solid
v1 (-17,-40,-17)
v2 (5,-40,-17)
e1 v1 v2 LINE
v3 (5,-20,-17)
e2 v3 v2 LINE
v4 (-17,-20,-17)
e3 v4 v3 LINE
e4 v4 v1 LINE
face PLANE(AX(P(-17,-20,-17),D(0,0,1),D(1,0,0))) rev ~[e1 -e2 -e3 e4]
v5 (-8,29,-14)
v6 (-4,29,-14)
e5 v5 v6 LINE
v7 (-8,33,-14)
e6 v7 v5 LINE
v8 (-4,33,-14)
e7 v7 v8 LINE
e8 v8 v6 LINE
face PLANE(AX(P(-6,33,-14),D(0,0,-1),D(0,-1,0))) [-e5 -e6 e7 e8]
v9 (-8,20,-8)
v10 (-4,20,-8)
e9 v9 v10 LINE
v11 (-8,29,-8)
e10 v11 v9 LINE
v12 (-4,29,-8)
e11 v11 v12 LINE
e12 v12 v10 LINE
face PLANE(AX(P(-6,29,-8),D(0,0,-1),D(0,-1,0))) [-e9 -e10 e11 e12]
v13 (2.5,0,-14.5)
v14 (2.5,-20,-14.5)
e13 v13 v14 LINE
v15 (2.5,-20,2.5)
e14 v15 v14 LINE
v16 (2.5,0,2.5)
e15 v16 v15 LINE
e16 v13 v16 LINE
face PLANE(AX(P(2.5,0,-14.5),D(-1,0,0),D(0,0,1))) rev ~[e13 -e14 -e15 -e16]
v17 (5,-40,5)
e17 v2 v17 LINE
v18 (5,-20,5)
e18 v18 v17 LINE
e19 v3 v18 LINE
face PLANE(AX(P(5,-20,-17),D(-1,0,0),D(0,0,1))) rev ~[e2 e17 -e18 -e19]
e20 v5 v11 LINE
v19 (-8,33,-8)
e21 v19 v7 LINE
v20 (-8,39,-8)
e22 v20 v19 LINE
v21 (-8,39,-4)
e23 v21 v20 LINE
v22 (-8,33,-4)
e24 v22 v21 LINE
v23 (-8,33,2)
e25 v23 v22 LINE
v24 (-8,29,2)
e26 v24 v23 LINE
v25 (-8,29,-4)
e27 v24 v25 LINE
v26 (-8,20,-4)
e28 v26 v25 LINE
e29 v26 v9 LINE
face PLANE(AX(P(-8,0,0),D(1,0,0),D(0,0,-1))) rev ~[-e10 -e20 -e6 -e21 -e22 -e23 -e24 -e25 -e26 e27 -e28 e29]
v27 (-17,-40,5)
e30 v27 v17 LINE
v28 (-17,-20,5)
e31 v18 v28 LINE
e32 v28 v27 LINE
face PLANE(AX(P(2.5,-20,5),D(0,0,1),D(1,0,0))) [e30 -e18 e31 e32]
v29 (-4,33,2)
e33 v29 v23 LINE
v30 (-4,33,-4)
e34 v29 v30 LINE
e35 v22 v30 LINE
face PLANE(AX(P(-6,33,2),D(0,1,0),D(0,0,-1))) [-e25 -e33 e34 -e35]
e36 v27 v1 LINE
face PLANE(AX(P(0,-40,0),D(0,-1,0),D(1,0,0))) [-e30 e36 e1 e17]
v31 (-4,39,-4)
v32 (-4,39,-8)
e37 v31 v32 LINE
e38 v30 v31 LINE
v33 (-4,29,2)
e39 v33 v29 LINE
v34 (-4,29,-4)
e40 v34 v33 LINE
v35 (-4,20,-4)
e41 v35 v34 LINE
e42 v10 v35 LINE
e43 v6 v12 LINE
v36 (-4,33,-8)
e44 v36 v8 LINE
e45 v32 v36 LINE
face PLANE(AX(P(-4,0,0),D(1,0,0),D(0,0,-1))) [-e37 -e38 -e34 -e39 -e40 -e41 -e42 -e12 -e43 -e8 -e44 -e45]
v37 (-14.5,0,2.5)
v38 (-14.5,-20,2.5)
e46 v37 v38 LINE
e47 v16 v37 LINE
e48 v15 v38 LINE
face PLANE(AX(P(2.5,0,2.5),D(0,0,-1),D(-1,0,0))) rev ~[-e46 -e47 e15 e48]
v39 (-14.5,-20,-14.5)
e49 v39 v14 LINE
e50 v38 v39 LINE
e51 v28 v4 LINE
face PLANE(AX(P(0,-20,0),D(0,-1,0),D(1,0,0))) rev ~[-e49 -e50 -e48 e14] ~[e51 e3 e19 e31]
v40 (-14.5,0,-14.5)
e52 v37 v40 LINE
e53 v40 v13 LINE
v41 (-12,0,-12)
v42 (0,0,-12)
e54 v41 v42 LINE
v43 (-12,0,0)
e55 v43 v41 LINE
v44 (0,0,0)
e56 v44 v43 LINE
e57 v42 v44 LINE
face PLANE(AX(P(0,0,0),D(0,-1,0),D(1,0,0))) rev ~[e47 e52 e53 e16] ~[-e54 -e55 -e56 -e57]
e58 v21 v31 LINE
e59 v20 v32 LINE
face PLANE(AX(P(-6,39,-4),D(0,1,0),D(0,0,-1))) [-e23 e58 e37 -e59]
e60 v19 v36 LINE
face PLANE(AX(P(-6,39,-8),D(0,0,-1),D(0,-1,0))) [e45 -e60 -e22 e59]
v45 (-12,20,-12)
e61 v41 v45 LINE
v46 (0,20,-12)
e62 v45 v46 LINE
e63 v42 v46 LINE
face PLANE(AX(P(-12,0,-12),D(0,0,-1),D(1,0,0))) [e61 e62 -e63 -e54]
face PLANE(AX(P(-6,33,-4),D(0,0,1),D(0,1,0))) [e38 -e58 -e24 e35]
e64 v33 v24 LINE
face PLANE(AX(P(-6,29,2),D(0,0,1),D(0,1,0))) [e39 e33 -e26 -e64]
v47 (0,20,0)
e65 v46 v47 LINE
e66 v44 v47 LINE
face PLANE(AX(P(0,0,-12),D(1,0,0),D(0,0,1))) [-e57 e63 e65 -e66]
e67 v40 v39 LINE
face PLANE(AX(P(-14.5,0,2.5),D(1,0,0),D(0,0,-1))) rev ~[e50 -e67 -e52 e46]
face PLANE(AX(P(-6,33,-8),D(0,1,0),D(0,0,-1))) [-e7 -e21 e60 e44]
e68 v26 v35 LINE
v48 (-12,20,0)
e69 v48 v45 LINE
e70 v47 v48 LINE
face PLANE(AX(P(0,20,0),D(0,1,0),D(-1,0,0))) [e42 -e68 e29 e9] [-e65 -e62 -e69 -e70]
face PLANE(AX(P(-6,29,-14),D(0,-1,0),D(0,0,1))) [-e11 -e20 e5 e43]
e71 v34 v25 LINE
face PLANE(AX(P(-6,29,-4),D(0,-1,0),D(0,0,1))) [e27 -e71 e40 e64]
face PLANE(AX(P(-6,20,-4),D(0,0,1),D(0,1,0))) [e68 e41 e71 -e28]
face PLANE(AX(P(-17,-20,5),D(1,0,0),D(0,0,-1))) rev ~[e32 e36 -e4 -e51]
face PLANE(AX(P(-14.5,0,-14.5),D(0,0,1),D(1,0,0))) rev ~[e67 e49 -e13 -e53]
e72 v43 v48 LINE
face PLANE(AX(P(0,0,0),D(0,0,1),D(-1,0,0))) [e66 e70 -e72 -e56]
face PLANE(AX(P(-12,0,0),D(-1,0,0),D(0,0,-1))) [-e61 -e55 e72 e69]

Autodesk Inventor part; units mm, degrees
ref_plane "YZ Plane" through (0, 0, 0) normal (1, 0, 0) x (0, 1, 0)
ref_plane "XZ Plane" through (0, 0, 0) normal (0, 1, 0) x (-1, 0, 0)
ref_plane "XY Plane" through (0, 0, 0) normal (0, 0, 1) x (1, 0, 0)
sketch "Sketch1" plane through (0, 0, 0) normal (0, 1, 0) x (-1, 0, 0)
  line L0 (0, 0) -> (12, 0)
  line L1 (12, 0) -> (12, -12)
  line L2 (12, -12) -> (0, -12)
  line L3 (0, -12) -> (0, 0)
  dimension "d0" = 12
  dimension "d1" = 12
extrude "Extrusion1" add sketch "Sketch1" along normal blind 20
ref_plane "Work Plane1" through (-6, 0, 0) normal (1, 0, 0) x (0, 0, -1)
sketch "Sketch2" plane through (-6, 0, 0) normal (1, 0, 0) x (0, 0, -1)
  line L0 (0, 20) -> (12, 20) projected
  line L1 (6, 20) -> (4, 20)
  line L2 (12, 20) -> (0, 20) projected
  line L3 (4, 20) -> (4, 29)
  line L4 (4, 29) -> (-2, 29)
  line L5 (-2, 29) -> (-2, 33)
  line L6 (-2, 33) -> (4, 33)
  line L7 (4, 33) -> (4, 39)
  line L8 (4, 39) -> (8, 39)
  line L9 (8, 39) -> (8, 33)
  line L10 (8, 33) -> (14, 33)
  line L11 (14, 33) -> (14, 29)
  line L12 (14, 29) -> (3, 29)
  line L13 (3, 29) -> (3, 20)
  line L14 (8, 29) -> (8, 20)
  line L15 (6, 20) -> (8, 20)
  point P0 (0, 0)
  dimension "d4" = 2
  dimension "d5" = 9
  dimension "d6" = 6
  dimension "d7" = 4
  dimension "d8" = 6
  dimension "d9" = 4
  dimension "d10" = 6
extrude "Extrusion2" add sketch "Sketch2" along normal mid plane 4 contours L3 L12 L14 L0 | L4 L5 L6 L7 L8 L9 L10 L11 L12
sketch "Sketch3" plane through (0, 0, 0) normal (0, -1, 0) x (1, 0, 0)
  line L0 (-12, 0) -> (0, 0) projected
  line L1 (0, 0) -> (0, -12) projected
  line L2 (0, 0) -> (2.5, 0)
  line L3 (2.5, 0) -> (2.5, 2.5)
  line L4 (2.5, 2.5) -> (-14.5, 2.5)
  line L5 (-14.5, 2.5) -> (-14.5, -14.5)
  line L6 (-14.5, -14.5) -> (2.5, -14.5)
  line L7 (2.5, -14.5) -> (2.5, 2.5)
  dimension "d15" = 2.5
  dimension "d16" = 2.5
  dimension "d17" = 17
  dimension "d18" = 17
extrude "Extrusion3" add sketch "Sketch3" along normal blind 20
sketch "Sketch4" plane through (0, -20, 0) normal (0, -1, 0) x (1, 0, 0)
  line L0 (2.5, -14.5) -> (2.5, 2.5) projected
  line L1 (2.5, 2.5) -> (2.5, 5)
  line L2 (2.5, 5) -> (5, 5)
  line L3 (5, 5) -> (-17, 5)
  line L4 (-17, 5) -> (-17, -17)
  line L5 (-17, -17) -> (5, -17)
  line L6 (5, -17) -> (5, 5)
  point P0 (0, 0)
  dimension "d21" = 2.5
  dimension "d22" = 2.5
  dimension "d23" = 22
  dimension "d24" = 22
extrude "Extrusion4" add sketch "Sketch4" along normal blind 20
properties part number "tiered-king"
